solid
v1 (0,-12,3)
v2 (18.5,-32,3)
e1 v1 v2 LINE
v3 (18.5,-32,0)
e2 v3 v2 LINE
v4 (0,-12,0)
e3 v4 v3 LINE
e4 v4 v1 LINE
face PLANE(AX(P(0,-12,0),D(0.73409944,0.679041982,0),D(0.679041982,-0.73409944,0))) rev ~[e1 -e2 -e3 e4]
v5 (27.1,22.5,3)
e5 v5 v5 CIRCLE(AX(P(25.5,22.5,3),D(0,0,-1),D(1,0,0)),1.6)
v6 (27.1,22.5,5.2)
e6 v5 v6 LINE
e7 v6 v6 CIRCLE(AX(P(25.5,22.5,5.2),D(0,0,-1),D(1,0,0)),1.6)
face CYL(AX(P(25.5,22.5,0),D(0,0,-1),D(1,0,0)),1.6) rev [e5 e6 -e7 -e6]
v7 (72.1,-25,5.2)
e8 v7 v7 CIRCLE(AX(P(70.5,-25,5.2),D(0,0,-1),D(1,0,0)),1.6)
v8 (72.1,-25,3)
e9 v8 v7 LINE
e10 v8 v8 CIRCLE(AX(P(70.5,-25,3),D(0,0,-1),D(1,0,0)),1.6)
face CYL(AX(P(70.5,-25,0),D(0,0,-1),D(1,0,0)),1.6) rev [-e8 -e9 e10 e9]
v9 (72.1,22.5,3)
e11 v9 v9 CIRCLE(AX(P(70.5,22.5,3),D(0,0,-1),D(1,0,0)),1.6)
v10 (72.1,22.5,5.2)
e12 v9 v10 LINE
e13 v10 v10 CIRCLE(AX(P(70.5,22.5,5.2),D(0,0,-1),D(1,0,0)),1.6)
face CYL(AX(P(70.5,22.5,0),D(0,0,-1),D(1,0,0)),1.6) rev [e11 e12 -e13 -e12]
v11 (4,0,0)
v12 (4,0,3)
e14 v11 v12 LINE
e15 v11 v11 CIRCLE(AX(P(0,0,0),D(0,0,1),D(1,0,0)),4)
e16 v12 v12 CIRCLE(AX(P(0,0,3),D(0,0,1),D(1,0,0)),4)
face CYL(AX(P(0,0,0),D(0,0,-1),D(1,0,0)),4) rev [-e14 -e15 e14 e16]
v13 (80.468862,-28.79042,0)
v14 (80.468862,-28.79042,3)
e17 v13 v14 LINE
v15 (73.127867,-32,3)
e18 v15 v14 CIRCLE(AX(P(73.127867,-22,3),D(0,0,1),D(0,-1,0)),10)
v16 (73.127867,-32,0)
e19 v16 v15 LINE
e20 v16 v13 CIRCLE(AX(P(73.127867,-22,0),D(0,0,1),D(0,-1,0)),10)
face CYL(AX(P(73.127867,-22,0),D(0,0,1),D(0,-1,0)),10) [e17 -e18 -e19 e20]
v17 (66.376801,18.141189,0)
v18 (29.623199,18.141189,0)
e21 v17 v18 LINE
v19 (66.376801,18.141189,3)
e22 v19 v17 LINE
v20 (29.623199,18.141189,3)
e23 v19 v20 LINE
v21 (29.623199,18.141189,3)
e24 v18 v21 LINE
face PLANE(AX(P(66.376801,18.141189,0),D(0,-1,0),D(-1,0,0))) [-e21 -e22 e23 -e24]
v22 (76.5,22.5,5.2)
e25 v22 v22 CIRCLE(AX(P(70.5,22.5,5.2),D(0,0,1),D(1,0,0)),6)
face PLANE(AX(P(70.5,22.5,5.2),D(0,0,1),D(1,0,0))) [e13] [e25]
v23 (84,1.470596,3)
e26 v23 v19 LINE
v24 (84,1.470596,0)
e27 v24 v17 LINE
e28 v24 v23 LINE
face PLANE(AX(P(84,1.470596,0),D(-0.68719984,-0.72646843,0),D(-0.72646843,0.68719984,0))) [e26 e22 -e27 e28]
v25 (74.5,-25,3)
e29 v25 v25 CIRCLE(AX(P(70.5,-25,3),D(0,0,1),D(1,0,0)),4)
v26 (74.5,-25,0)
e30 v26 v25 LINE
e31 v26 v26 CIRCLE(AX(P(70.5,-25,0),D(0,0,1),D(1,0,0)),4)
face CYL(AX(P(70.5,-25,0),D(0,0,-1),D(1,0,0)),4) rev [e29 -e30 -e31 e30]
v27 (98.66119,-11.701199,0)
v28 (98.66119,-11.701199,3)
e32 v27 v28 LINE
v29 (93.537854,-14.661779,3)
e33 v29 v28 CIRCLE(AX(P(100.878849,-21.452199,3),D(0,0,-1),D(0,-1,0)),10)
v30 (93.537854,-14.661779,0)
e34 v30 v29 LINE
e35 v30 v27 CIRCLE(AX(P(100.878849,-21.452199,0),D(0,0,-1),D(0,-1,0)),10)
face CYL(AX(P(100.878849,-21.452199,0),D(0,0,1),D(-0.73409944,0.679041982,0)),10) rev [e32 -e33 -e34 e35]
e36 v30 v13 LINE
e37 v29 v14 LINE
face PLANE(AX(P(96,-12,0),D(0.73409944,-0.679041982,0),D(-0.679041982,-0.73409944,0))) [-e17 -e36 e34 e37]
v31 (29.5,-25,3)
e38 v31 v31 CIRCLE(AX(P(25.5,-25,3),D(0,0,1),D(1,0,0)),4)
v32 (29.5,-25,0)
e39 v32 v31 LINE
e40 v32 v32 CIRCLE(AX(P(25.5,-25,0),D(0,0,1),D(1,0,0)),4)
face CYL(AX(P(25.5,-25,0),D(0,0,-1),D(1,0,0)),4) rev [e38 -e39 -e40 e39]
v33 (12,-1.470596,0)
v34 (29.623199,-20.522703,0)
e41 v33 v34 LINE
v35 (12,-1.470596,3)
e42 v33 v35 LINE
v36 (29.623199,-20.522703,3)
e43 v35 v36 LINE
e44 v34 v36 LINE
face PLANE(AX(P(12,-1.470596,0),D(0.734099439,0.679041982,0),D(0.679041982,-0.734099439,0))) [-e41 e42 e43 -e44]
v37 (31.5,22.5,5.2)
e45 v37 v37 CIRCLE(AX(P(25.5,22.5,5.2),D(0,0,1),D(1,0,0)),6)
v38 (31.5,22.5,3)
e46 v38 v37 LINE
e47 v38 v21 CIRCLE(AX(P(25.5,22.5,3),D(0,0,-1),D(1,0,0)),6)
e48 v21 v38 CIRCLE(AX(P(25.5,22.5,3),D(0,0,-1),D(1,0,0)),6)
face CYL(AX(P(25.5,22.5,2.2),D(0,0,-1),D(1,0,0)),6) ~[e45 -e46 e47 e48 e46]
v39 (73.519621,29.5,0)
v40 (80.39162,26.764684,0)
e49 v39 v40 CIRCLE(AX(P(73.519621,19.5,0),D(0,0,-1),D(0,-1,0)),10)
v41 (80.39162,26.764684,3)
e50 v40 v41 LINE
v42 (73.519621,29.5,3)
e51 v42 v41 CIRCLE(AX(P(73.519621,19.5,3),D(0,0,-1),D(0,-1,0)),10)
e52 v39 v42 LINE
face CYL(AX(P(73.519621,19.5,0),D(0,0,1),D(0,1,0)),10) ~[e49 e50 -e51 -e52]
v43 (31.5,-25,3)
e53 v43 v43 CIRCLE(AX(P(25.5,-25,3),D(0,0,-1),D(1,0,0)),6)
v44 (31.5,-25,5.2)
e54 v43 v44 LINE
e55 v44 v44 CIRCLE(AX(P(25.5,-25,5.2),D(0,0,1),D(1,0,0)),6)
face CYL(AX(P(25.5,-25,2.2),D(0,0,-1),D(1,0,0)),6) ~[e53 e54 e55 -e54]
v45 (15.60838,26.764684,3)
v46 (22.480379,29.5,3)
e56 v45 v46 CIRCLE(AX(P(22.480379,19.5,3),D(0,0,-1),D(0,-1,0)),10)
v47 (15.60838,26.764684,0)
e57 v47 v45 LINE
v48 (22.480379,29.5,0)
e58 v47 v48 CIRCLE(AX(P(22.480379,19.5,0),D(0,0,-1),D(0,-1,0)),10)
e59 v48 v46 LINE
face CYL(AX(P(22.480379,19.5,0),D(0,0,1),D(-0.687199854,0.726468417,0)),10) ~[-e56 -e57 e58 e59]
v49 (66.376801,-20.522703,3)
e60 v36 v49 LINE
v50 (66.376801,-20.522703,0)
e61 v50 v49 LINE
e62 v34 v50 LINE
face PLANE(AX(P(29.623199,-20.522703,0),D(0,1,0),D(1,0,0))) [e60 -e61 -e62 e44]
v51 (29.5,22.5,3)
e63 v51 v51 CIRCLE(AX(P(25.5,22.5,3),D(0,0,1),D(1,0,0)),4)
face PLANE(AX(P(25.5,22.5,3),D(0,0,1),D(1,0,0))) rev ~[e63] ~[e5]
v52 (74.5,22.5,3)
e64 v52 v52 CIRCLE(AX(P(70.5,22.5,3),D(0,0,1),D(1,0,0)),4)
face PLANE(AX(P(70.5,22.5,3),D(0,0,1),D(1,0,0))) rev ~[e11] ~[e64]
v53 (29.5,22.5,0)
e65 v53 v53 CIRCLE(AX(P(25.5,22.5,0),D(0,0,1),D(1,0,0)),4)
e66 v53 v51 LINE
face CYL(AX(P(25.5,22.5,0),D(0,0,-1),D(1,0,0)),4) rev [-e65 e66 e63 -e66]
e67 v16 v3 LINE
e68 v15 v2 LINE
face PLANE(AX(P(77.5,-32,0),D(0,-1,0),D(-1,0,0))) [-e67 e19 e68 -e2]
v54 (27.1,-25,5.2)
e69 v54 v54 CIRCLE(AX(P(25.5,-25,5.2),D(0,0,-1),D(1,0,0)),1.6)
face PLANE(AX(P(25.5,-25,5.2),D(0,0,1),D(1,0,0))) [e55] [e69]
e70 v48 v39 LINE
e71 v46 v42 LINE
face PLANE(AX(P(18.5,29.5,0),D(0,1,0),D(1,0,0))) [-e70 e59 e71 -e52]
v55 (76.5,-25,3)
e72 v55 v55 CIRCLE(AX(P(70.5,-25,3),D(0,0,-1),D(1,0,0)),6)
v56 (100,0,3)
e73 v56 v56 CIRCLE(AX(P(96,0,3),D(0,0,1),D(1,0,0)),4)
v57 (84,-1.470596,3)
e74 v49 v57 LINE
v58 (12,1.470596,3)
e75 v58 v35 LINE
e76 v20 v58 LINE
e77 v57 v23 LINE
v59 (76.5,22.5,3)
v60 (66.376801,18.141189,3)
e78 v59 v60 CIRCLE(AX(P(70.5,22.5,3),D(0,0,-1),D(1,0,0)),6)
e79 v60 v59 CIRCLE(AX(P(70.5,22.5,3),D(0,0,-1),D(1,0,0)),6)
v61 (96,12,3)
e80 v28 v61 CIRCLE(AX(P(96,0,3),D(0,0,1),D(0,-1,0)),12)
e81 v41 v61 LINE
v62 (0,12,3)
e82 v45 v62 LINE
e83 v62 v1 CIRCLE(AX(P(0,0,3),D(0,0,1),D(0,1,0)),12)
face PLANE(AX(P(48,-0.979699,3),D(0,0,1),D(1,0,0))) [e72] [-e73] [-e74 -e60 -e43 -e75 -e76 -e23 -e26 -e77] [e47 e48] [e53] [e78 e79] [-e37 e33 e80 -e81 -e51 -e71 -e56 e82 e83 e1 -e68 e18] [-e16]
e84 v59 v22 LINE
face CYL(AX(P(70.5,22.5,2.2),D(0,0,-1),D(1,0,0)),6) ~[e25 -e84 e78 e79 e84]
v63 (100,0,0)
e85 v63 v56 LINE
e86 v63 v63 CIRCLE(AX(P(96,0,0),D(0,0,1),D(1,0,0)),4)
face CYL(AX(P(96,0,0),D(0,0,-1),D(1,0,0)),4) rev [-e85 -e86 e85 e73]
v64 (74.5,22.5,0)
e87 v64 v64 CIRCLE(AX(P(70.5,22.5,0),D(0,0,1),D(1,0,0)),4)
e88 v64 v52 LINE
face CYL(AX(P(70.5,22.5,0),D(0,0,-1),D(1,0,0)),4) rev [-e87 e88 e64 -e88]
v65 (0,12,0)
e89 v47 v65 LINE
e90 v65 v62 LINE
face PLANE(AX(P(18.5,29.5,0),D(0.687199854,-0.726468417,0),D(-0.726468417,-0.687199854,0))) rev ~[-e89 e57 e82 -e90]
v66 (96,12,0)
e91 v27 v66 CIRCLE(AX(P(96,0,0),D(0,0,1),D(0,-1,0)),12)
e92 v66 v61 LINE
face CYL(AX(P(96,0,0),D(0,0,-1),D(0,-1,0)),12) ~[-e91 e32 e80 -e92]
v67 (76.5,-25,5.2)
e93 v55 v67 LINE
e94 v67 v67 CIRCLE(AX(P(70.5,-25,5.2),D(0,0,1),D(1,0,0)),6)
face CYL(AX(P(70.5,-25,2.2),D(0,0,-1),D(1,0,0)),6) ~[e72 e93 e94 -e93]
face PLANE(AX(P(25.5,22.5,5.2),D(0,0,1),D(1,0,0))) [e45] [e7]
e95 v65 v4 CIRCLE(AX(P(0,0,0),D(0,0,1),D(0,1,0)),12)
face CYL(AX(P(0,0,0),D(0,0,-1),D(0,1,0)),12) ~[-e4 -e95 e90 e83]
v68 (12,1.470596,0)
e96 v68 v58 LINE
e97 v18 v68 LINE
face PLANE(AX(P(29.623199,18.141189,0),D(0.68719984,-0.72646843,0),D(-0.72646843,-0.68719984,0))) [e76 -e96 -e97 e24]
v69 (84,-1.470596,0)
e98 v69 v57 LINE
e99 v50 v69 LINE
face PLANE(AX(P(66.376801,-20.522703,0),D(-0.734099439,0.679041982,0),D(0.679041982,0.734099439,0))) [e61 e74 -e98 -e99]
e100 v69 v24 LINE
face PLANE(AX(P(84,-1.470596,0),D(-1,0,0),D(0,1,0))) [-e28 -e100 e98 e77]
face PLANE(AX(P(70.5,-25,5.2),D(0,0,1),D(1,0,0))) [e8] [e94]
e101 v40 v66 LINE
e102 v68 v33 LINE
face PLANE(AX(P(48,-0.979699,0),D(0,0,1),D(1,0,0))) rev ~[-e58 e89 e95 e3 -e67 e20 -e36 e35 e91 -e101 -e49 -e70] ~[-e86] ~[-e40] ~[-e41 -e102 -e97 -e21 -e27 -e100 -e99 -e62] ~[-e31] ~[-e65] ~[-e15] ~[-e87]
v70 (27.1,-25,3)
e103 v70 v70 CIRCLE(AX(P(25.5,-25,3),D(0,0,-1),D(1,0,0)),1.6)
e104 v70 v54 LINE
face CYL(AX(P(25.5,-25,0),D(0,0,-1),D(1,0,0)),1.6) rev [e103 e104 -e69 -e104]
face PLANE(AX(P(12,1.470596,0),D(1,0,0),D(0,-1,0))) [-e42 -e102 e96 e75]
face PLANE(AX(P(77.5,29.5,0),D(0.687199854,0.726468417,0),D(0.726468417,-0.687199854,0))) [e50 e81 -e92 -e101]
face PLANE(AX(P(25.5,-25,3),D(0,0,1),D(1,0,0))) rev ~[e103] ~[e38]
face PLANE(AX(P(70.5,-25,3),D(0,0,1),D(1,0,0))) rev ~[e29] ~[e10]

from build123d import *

# Parameters (mm, degrees)
SKETCH_R        = 4
PAD_DEPTH       = 3
SKETCH002_R     = 6
PAD001_DEPTH    = 3
SKETCH001_R     = 4
POCKET_DEPTH    = 3
SKETCH003_R     = 1.6
POCKET001_DEPTH = 5.201
FILLET_R        = 10
FILLET001_R     = 10


with BuildPart() as part:
    # Sketch → Pad (new body)
    with BuildSketch(Plane.XY):
        with BuildLine():
            ThreePointArc((0, 12), (-12, 0), (0, -12))
            Line((0, -12), (18.5, -32))
            Line((77.5, -32), (18.5, -32))
            Line((96, -12), (77.5, -32))
            ThreePointArc((96, -12), (108, 0), (96, 12))
            Line((77.5, 29.5), (96, 12))
            Line((18.5, 29.5), (77.5, 29.5))
            Line((18.5, 29.5), (0, 12))
        make_face()
        Circle(SKETCH_R, mode=Mode.SUBTRACT)
        with Locations((96, 0)):
            Circle(SKETCH_R, mode=Mode.SUBTRACT)
        Polygon((66.376801, -20.522703), (84, -1.470596), (84, 1.470596), (66.376801, 18.141189), (29.623199, 18.141189), (12, 1.470596), (12, -1.470596), (29.623199, -20.522703), align=None, mode=Mode.SUBTRACT)
    extrude(amount=PAD_DEPTH)

    # Sketch002 → Pad001 (join)
    with BuildSketch(Plane.XY.offset(2.2)):
        with Locations((25.5, -25)):
            Circle(SKETCH002_R)
        with Locations((70.5, -25)):
            Circle(SKETCH002_R)
        with Locations((25.5, 22.5)):
            Circle(SKETCH002_R)
        with Locations((70.5, 22.5)):
            Circle(SKETCH002_R)
    extrude(amount=PAD001_DEPTH)

    # Sketch001 → Pocket (cut)
    with BuildSketch(Plane.XY):
        with Locations((25.5, -25)):
            Circle(SKETCH001_R)
        with Locations((70.5, -25)):
            Circle(SKETCH001_R)
        with Locations((25.5, 22.5)):
            Circle(SKETCH001_R)
        with Locations((70.5, 22.5)):
            Circle(SKETCH001_R)
    extrude(amount=POCKET_DEPTH, mode=Mode.SUBTRACT)

    # Sketch003 → Pocket001 (cut, through all)
    with BuildSketch(Plane.XY):
        with Locations((25.5, -25)):
            Circle(SKETCH003_R)
        with Locations((70.5, -25)):
            Circle(SKETCH003_R)
        with Locations((25.5, 22.5)):
            Circle(SKETCH003_R)
        with Locations((70.5, 22.5)):
            Circle(SKETCH003_R)
    extrude(amount=POCKET001_DEPTH, mode=Mode.SUBTRACT)

    # Fillet
    fillet_edges = [part.edges().sort_by_distance(p)[0] for p in [
        (77.5, 29.5, 1.5),
        (18.5, 29.5, 1.5),
    ]]
    fillet(fillet_edges, radius=FILLET_R)

    # Fillet001
    fillet001_edges = [part.edges().sort_by_distance(p)[0] for p in [
        (77.5, -32, 1.5),
        (96, -12, 1.5),
    ]]
    fillet(fillet001_edges, radius=FILLET001_R)


solid = part.part
